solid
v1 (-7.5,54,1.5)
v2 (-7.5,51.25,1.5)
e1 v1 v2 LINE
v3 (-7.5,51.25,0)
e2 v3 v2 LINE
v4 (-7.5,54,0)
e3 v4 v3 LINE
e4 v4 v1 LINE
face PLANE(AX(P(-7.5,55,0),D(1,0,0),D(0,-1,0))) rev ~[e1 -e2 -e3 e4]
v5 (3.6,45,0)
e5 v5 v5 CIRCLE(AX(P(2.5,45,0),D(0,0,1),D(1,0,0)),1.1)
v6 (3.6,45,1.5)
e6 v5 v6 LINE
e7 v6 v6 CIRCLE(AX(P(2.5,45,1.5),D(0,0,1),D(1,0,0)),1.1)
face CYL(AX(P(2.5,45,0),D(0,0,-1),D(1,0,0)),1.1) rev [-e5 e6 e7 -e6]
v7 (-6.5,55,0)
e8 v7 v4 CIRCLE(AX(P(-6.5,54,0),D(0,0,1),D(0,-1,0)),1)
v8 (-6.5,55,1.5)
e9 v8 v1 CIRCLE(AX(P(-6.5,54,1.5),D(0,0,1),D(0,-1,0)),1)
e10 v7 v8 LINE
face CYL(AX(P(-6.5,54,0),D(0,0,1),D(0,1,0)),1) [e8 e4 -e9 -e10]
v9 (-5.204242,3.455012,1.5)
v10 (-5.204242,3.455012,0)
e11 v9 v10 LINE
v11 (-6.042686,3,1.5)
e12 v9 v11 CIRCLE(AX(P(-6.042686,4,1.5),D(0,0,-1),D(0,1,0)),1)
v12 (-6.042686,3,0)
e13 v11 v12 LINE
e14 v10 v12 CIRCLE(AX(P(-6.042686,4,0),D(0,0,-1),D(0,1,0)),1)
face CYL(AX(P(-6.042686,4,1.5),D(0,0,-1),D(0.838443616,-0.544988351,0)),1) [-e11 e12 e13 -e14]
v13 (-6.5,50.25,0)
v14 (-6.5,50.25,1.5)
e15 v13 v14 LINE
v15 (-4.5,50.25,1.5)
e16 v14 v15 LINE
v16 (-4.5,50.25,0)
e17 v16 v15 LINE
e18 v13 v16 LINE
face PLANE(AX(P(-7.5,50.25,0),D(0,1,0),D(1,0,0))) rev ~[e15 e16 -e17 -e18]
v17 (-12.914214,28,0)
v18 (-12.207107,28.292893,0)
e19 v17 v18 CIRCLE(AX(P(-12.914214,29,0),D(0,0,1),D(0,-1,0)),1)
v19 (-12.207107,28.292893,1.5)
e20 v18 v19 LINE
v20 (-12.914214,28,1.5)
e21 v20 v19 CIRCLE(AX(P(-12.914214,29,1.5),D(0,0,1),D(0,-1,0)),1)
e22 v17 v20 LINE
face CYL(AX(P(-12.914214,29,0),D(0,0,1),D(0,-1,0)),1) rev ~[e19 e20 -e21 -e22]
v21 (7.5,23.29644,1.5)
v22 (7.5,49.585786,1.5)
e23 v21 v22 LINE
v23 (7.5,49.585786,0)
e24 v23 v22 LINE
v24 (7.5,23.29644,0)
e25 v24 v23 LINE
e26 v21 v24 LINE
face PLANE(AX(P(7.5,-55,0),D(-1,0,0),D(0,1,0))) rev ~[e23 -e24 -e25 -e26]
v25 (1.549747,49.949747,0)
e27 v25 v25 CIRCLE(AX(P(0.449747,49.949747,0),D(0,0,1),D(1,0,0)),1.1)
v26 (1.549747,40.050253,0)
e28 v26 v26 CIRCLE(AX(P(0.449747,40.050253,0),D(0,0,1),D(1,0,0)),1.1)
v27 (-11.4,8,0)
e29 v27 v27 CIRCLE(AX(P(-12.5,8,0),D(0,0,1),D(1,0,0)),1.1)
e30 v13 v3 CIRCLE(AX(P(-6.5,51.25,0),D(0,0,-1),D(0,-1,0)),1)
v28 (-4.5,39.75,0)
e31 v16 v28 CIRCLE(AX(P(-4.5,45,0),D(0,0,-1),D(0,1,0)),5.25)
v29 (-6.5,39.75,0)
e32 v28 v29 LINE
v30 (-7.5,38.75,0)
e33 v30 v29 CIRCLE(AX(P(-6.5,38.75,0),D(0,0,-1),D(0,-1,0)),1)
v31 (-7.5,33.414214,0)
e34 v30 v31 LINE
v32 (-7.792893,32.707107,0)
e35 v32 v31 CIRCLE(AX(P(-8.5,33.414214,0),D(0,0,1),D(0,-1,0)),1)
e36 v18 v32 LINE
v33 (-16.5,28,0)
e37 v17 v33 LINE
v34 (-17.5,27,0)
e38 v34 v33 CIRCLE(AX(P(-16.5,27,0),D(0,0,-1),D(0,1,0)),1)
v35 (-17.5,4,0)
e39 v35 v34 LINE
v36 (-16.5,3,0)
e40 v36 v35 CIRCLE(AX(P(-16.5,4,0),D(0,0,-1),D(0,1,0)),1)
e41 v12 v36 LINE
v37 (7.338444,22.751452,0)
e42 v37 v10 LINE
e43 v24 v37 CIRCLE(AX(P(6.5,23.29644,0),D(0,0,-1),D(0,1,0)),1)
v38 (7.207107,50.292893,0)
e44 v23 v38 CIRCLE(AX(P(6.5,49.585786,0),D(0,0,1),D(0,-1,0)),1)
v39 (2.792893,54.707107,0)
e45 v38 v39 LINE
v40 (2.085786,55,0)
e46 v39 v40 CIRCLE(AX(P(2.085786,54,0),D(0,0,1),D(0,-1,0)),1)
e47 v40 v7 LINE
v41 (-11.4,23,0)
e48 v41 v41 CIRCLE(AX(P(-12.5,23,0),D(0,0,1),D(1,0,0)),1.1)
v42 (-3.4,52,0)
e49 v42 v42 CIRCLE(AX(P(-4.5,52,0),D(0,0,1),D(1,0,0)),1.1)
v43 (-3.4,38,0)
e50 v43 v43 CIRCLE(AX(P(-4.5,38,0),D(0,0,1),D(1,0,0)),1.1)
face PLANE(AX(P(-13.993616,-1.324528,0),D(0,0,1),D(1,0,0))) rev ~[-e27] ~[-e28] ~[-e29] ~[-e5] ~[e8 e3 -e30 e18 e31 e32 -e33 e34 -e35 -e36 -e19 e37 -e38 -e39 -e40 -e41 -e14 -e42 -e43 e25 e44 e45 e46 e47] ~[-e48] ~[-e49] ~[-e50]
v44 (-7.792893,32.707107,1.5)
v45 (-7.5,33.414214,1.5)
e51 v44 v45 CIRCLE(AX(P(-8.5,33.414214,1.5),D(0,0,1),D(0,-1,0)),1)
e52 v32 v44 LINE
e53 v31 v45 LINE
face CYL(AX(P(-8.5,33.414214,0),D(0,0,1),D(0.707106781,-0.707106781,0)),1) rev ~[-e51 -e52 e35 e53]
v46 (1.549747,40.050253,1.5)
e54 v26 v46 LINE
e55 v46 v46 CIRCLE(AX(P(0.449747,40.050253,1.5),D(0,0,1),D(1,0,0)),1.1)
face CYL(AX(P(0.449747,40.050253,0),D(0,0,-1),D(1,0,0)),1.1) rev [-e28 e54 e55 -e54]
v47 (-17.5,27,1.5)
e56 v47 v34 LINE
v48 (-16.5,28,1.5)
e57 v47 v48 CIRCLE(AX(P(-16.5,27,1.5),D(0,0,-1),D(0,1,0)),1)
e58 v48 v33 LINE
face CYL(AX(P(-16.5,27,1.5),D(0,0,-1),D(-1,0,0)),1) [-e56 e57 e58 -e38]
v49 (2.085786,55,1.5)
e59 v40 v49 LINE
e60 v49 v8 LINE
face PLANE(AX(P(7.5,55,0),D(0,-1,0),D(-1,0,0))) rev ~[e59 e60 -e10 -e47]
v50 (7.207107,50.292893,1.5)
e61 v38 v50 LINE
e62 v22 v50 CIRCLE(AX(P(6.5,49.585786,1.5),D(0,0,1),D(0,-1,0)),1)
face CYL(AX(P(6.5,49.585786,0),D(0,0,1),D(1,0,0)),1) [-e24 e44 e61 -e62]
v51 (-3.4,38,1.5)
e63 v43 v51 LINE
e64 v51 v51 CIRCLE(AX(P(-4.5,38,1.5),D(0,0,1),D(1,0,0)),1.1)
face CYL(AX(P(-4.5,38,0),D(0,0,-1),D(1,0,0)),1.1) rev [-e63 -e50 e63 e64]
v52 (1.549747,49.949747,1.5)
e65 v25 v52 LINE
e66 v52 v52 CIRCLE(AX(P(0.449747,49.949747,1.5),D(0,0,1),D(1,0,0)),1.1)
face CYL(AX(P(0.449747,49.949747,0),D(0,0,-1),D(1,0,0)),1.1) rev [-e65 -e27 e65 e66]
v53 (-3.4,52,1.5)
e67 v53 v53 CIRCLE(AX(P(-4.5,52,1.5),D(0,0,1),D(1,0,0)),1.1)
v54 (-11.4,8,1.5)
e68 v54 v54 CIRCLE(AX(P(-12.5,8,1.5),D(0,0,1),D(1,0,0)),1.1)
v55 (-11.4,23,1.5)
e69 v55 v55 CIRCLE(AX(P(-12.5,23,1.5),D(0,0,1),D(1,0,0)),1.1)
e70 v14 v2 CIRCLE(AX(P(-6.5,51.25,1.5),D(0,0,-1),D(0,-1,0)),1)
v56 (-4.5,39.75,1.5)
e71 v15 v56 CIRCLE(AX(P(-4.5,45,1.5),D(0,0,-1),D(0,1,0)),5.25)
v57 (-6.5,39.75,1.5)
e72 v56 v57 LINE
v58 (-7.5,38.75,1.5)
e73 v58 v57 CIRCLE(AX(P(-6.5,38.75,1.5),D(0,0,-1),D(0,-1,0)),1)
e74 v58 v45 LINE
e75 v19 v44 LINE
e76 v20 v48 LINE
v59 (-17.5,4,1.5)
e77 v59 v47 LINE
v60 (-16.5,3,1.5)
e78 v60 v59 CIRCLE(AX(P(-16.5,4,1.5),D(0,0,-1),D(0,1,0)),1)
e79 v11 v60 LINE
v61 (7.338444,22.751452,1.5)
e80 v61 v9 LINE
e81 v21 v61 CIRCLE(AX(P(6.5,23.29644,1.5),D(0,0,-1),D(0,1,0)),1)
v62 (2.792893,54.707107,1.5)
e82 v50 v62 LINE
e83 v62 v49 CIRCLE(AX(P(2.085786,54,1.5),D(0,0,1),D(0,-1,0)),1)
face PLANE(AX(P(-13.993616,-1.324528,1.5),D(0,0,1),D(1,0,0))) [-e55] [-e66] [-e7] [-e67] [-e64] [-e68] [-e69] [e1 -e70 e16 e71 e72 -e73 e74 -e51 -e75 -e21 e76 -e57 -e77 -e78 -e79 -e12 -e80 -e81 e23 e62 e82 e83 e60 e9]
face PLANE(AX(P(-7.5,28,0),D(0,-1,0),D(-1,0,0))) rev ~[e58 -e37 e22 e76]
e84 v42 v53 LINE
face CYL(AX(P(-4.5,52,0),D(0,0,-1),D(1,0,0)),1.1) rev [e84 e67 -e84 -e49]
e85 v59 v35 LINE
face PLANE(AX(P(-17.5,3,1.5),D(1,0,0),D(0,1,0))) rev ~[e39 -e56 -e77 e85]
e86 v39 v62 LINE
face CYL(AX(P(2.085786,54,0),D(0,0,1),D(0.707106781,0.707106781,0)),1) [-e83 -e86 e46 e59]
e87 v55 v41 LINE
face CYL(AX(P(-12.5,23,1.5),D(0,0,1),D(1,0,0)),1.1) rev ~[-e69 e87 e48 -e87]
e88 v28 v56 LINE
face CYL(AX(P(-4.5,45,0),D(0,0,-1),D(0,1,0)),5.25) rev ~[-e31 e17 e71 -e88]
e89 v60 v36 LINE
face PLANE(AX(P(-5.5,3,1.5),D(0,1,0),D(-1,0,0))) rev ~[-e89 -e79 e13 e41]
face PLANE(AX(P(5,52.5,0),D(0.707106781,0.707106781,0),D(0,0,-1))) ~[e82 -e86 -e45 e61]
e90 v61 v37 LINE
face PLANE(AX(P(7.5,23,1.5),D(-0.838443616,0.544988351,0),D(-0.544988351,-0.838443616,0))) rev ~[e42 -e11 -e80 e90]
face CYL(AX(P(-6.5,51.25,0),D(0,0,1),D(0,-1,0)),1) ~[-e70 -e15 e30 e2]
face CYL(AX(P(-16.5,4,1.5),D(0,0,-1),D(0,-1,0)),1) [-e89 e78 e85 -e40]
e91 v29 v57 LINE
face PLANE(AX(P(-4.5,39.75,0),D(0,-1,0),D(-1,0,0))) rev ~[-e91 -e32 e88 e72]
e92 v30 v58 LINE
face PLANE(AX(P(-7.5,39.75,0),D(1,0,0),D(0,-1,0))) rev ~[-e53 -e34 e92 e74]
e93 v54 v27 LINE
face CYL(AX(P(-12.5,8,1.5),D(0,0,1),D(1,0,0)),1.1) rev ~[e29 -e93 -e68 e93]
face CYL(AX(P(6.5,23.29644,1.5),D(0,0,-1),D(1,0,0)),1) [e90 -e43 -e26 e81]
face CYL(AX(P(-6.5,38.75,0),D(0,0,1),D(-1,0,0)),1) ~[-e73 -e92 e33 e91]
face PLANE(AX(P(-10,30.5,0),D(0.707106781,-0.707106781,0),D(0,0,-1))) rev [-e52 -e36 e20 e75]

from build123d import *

# Parameters (mm, degrees)
F0_R     = 1.1
F1_DEPTH = 1.5
F2_R     = 1.1
F3_DEPTH = 1.5
F4_R     = 1
F5_SIZE  = 5
F6_R     = 1


with BuildPart() as f1:
    # F0 (on Top) → F1 (new body)
    with BuildSketch(Plane.XY):
        with BuildLine():
            Line((7.5, -55), (7.5, 55))
            Line((7.5, 55), (-7.5, 55))
            Line((-7.5, 55), (-7.5, 50.25))
            Line((-7.5, 50.25), (-4.5, 50.25))
            ThreePointArc((-4.5, 50.25), (0.75, 45), (-4.5, 39.75))
            Line((-4.5, 39.75), (-7.5, 39.75))
            Line((-7.5, 39.75), (-7.5, 28))
            Line((-7.5, 28), (-42.5, 28))
            Line((-42.5, 28), (-42.5, -55))
            Line((-42.5, -55), (-7.5, -55))
            Line((-7.5, -55), (7.5, -55))
        make_face()
        with Locations((-4.5, 38)):
            Circle(F0_R, mode=Mode.SUBTRACT)
        with Locations((0.4497474683, 40.0502525317)):
            Circle(F0_R, mode=Mode.SUBTRACT)
        with Locations((-4.5, 52)):
            Circle(F0_R, mode=Mode.SUBTRACT)
        with Locations((0.4497474683, 49.9497474683)):
            Circle(F0_R, mode=Mode.SUBTRACT)
        with Locations((2.5, 45)):
            Circle(F0_R, mode=Mode.SUBTRACT)
    extrude(amount=F1_DEPTH)

    # F2 (on face) → F3 (cut, through all)
    with BuildSketch(Plane.XY.offset(1.5)):
        Polygon((7.5, -55), (7.5, 23), (-5.5, 3), (-17.5, 3), (-17.5, 28), (-42.5, 28), (-42.5, -55), align=None)
        with Locations((-12.5, 23)):
            Circle(F2_R)
        with Locations((-12.5, 8)):
            Circle(F2_R)
    extrude(amount=-F3_DEPTH, mode=Mode.SUBTRACT)

    # F4
    f4_edges = [f1.edges().sort_by_distance(p)[0] for p in [
        (-17.5, 3, 0.75),
        (-5.5, 3, 0.75),
        (7.5, 23, 0.75),
        (-7.5, 50.25, 0.75),
        (-7.5, 55, 0.75),
        (-7.5, 39.75, 0.75),
        (-17.5, 28, 0.75),
    ]]
    fillet(f4_edges, radius=F4_R)

    # F5
    f5_edges = [f1.edges().sort_by_distance(p)[0] for p in [
        (7.5, 55, 0.75),
        (-7.5, 28, 0.75),
    ]]
    chamfer(f5_edges, length=F5_SIZE)

    # F6
    f6_edges = [f1.edges().sort_by_distance(p)[0] for p in [
        (-7.5, 33, 0.75),
        (-12.5, 28, 0.75),
        (2.5, 55, 0.75),
        (7.5, 50, 0.75),
    ]]
    fillet(f6_edges, radius=F6_R)


solid = f1.part
